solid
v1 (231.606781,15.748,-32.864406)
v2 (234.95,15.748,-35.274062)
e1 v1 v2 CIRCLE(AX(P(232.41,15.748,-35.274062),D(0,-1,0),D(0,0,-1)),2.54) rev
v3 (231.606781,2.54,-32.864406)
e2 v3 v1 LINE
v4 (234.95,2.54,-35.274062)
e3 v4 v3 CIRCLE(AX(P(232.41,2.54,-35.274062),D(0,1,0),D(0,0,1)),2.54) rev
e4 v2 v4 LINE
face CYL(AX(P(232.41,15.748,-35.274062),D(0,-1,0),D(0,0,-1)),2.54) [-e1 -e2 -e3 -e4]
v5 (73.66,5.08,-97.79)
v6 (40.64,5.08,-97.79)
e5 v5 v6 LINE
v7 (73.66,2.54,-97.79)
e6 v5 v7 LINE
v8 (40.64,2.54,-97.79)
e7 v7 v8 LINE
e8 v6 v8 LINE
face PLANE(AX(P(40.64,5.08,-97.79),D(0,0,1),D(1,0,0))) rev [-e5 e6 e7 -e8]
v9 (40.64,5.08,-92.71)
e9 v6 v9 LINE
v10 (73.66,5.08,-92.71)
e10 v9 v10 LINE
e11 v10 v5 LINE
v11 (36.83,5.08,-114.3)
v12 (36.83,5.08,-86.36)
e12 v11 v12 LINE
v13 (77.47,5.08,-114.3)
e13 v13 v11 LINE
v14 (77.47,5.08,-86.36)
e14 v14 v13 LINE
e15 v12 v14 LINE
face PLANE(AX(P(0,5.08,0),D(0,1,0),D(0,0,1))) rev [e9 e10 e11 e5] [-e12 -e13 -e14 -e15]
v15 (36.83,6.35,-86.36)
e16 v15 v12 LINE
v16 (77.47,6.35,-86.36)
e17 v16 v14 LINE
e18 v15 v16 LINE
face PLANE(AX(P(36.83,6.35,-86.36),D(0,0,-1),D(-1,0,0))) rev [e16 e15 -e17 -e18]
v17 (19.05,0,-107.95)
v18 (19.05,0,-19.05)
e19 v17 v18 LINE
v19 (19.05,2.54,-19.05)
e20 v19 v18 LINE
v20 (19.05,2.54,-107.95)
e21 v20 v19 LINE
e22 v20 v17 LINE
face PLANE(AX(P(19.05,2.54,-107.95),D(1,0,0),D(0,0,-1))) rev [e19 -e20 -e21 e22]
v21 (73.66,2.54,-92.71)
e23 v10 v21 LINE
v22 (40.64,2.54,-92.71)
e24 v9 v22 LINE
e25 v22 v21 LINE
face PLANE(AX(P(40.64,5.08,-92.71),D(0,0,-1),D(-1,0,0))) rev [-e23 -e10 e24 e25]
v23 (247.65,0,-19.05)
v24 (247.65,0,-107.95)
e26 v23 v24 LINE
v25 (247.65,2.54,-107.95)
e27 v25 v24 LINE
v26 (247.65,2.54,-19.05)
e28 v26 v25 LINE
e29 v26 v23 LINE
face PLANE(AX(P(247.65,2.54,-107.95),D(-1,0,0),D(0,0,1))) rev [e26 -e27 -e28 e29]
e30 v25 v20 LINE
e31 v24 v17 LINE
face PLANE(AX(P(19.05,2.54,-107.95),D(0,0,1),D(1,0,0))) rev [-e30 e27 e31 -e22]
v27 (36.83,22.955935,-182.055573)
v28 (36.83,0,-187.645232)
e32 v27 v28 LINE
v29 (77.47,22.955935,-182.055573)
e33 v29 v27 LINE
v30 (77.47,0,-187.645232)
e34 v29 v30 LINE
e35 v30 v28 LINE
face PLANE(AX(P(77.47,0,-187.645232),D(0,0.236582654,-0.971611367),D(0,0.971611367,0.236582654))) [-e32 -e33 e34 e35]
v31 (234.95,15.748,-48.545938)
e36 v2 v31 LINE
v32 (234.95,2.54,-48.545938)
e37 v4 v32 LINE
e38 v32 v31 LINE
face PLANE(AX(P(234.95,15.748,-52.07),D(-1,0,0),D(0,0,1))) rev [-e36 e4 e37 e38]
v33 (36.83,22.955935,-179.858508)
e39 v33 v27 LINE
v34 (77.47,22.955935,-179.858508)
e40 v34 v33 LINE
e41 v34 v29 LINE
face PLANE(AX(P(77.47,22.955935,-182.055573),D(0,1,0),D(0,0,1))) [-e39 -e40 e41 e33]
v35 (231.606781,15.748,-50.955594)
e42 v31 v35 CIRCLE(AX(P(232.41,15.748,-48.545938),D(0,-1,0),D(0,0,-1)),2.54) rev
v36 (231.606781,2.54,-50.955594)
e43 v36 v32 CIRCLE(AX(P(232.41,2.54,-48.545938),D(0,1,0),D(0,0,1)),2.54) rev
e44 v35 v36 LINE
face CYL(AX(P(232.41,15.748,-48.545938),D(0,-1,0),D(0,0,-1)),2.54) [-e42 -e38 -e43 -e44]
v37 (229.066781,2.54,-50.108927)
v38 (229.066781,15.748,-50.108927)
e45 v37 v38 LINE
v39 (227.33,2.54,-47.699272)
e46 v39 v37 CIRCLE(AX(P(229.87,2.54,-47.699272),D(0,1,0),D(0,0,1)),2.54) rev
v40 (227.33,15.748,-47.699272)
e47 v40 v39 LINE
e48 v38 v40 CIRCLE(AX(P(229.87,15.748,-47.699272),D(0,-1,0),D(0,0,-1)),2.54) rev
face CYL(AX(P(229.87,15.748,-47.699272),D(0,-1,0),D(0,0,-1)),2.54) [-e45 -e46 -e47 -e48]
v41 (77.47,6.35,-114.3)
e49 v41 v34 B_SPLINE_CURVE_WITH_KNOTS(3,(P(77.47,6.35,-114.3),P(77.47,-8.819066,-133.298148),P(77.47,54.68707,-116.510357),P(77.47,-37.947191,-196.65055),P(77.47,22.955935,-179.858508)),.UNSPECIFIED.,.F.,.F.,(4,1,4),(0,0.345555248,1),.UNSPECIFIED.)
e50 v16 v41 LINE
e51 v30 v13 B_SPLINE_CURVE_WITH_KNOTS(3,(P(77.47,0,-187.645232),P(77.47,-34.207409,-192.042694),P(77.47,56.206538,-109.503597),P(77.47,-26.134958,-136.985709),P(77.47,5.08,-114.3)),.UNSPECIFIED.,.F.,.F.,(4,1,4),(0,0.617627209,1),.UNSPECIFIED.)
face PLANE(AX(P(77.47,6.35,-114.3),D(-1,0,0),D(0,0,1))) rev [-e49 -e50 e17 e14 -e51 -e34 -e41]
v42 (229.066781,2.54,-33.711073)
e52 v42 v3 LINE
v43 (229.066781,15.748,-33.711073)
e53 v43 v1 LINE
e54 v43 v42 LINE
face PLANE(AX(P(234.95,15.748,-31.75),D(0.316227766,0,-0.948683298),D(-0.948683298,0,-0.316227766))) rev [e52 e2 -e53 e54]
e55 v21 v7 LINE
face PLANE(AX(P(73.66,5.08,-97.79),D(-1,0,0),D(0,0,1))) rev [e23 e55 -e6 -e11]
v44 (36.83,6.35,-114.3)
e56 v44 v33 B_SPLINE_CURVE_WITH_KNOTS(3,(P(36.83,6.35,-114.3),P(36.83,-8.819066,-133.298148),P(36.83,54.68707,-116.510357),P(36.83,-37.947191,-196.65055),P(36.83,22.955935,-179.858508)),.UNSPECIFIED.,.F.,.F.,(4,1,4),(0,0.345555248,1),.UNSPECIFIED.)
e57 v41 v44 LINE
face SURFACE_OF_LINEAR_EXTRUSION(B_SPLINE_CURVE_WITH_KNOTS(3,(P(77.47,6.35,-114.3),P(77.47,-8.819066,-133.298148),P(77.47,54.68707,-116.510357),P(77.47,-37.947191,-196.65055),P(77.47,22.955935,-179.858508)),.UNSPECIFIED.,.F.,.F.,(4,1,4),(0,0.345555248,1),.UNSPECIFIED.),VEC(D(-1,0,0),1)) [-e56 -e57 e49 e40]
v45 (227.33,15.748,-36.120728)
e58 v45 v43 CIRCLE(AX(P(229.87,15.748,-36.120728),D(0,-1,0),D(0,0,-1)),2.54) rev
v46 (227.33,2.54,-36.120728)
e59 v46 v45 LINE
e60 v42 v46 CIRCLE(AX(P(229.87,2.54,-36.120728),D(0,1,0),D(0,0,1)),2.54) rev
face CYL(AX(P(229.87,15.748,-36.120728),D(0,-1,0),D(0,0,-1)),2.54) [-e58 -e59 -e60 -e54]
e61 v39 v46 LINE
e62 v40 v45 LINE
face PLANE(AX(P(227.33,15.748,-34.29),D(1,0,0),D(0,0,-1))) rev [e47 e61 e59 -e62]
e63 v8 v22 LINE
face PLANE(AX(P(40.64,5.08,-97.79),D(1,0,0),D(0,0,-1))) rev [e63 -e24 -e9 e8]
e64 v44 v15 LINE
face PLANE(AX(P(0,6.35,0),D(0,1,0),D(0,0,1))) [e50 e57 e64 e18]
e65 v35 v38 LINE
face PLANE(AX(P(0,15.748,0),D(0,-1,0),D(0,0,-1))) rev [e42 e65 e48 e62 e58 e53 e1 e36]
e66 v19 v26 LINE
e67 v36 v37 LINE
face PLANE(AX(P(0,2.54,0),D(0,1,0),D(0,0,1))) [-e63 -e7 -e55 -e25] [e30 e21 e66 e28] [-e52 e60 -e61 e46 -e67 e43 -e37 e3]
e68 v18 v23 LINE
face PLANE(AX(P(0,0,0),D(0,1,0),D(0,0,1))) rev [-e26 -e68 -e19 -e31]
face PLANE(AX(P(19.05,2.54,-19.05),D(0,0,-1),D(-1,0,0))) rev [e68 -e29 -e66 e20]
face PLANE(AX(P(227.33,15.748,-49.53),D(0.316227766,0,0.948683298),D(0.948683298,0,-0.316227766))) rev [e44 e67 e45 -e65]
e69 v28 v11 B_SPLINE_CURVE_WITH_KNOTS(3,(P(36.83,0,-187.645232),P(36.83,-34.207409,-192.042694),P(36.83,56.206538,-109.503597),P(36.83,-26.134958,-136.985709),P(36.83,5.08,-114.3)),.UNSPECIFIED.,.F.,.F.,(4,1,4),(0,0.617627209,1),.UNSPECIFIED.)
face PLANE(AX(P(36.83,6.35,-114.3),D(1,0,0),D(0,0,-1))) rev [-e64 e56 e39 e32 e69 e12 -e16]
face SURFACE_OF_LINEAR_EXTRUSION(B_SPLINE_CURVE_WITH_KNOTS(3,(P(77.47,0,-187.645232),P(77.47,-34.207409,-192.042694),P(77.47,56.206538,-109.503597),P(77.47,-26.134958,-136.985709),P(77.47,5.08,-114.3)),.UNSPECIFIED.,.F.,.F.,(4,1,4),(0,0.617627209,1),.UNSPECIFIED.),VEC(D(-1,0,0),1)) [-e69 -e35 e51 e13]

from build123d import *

# Parameters (mm, degrees)
SKETCH4_W           = 228.6
SKETCH4_H           = 88.9
BOSS_EXTRUDE3_DEPTH = 2.54
SKETCH5_W           = 33.02
SKETCH5_H           = 5.08
BOSS_EXTRUDE4_DEPTH = 2.54
SKETCH6_W           = 40.64
SKETCH6_H           = 27.94
BOSS_EXTRUDE5_DEPTH = 1.27
BOSS_EXTRUDE6_DEPTH = 40.64
BOSS_EXTRUDE7_DEPTH = 13.208
FILLET1_R           = 2.54


with BuildPart() as part:
    # Sketch4 → Boss-Extrude3 (new body)
    with BuildSketch(Plane(origin=(0, 0, 0), x_dir=(1, 0, 0), z_dir=(0, 1, 0))):
        with Locations((133.35, 63.5)):
            Rectangle(SKETCH4_W, SKETCH4_H)
    extrude(amount=BOSS_EXTRUDE3_DEPTH)

    # Sketch5 → Boss-Extrude4 (add)
    with BuildSketch(Plane(origin=(0, 2.54, 0), x_dir=(1, 0, 0), z_dir=(0, 1, 0))):
        with Locations((57.15, 95.25)):
            Rectangle(SKETCH5_W, SKETCH5_H)
    extrude(amount=BOSS_EXTRUDE4_DEPTH)

    # Sketch6 → Boss-Extrude5 (add)
    with BuildSketch(Plane(origin=(0, 5.08, 0), x_dir=(1, 0, 0), z_dir=(0, 1, 0))):
        with Locations((57.15, 100.33)):
            Rectangle(SKETCH6_W, SKETCH6_H)
    extrude(amount=BOSS_EXTRUDE5_DEPTH)

    # Sketch7 → Boss-Extrude6 (add)
    with BuildSketch(Plane.ZY.offset(-36.83)):
        with BuildLine():
            Line((-187.645232074, 0), (-182.055573159, 22.955935482))
            Line((-182.055573159, 22.955935482), (-179.858508249, 22.955935482))
            add(Edge.make_bspline(
                [(-114.3, 6.35), (-133.298148084, -8.81906553), (-116.510356825, 54.687069595), (-196.650549715, -37.947190727), (-179.858508249, 22.955935482)],
                knots=[0, 0, 0, 0, 0.345555248, 1, 1, 1, 1], degree=3))
            Line((-114.3, 6.35), (-114.3, 5.08))
            add(Edge.make_bspline(
                [(-114.3, 5.08), (-136.985708512, -26.134958418), (-109.503597428, 56.206538218), (-192.042694118, -34.207408775), (-187.645232074, 0)],
                knots=[0, 0, 0, 0, 0.382372791, 1, 1, 1, 1], degree=3))
        make_face()
    extrude(amount=-BOSS_EXTRUDE6_DEPTH)

    # Sketch8 → Boss-Extrude7 (add)
    with BuildSketch(Plane(origin=(0, 2.54, 0), x_dir=(1, 0, 0), z_dir=(0, 1, 0))):
        Polygon((227.33, 49.53), (234.95, 52.07), (234.95, 31.75), (227.33, 34.29), align=None)
    extrude(amount=BOSS_EXTRUDE7_DEPTH)

    # Fillet1
    fillet1_edges = [part.edges().sort_by_distance(p)[0] for p in [
        (227.33, 9.144, -49.53),
        (227.33, 9.144, -34.29),
        (234.95, 9.144, -31.75),
        (234.95, 9.144, -52.07),
    ]]
    fillet(fillet1_edges, radius=FILLET1_R)


solid = part.part
